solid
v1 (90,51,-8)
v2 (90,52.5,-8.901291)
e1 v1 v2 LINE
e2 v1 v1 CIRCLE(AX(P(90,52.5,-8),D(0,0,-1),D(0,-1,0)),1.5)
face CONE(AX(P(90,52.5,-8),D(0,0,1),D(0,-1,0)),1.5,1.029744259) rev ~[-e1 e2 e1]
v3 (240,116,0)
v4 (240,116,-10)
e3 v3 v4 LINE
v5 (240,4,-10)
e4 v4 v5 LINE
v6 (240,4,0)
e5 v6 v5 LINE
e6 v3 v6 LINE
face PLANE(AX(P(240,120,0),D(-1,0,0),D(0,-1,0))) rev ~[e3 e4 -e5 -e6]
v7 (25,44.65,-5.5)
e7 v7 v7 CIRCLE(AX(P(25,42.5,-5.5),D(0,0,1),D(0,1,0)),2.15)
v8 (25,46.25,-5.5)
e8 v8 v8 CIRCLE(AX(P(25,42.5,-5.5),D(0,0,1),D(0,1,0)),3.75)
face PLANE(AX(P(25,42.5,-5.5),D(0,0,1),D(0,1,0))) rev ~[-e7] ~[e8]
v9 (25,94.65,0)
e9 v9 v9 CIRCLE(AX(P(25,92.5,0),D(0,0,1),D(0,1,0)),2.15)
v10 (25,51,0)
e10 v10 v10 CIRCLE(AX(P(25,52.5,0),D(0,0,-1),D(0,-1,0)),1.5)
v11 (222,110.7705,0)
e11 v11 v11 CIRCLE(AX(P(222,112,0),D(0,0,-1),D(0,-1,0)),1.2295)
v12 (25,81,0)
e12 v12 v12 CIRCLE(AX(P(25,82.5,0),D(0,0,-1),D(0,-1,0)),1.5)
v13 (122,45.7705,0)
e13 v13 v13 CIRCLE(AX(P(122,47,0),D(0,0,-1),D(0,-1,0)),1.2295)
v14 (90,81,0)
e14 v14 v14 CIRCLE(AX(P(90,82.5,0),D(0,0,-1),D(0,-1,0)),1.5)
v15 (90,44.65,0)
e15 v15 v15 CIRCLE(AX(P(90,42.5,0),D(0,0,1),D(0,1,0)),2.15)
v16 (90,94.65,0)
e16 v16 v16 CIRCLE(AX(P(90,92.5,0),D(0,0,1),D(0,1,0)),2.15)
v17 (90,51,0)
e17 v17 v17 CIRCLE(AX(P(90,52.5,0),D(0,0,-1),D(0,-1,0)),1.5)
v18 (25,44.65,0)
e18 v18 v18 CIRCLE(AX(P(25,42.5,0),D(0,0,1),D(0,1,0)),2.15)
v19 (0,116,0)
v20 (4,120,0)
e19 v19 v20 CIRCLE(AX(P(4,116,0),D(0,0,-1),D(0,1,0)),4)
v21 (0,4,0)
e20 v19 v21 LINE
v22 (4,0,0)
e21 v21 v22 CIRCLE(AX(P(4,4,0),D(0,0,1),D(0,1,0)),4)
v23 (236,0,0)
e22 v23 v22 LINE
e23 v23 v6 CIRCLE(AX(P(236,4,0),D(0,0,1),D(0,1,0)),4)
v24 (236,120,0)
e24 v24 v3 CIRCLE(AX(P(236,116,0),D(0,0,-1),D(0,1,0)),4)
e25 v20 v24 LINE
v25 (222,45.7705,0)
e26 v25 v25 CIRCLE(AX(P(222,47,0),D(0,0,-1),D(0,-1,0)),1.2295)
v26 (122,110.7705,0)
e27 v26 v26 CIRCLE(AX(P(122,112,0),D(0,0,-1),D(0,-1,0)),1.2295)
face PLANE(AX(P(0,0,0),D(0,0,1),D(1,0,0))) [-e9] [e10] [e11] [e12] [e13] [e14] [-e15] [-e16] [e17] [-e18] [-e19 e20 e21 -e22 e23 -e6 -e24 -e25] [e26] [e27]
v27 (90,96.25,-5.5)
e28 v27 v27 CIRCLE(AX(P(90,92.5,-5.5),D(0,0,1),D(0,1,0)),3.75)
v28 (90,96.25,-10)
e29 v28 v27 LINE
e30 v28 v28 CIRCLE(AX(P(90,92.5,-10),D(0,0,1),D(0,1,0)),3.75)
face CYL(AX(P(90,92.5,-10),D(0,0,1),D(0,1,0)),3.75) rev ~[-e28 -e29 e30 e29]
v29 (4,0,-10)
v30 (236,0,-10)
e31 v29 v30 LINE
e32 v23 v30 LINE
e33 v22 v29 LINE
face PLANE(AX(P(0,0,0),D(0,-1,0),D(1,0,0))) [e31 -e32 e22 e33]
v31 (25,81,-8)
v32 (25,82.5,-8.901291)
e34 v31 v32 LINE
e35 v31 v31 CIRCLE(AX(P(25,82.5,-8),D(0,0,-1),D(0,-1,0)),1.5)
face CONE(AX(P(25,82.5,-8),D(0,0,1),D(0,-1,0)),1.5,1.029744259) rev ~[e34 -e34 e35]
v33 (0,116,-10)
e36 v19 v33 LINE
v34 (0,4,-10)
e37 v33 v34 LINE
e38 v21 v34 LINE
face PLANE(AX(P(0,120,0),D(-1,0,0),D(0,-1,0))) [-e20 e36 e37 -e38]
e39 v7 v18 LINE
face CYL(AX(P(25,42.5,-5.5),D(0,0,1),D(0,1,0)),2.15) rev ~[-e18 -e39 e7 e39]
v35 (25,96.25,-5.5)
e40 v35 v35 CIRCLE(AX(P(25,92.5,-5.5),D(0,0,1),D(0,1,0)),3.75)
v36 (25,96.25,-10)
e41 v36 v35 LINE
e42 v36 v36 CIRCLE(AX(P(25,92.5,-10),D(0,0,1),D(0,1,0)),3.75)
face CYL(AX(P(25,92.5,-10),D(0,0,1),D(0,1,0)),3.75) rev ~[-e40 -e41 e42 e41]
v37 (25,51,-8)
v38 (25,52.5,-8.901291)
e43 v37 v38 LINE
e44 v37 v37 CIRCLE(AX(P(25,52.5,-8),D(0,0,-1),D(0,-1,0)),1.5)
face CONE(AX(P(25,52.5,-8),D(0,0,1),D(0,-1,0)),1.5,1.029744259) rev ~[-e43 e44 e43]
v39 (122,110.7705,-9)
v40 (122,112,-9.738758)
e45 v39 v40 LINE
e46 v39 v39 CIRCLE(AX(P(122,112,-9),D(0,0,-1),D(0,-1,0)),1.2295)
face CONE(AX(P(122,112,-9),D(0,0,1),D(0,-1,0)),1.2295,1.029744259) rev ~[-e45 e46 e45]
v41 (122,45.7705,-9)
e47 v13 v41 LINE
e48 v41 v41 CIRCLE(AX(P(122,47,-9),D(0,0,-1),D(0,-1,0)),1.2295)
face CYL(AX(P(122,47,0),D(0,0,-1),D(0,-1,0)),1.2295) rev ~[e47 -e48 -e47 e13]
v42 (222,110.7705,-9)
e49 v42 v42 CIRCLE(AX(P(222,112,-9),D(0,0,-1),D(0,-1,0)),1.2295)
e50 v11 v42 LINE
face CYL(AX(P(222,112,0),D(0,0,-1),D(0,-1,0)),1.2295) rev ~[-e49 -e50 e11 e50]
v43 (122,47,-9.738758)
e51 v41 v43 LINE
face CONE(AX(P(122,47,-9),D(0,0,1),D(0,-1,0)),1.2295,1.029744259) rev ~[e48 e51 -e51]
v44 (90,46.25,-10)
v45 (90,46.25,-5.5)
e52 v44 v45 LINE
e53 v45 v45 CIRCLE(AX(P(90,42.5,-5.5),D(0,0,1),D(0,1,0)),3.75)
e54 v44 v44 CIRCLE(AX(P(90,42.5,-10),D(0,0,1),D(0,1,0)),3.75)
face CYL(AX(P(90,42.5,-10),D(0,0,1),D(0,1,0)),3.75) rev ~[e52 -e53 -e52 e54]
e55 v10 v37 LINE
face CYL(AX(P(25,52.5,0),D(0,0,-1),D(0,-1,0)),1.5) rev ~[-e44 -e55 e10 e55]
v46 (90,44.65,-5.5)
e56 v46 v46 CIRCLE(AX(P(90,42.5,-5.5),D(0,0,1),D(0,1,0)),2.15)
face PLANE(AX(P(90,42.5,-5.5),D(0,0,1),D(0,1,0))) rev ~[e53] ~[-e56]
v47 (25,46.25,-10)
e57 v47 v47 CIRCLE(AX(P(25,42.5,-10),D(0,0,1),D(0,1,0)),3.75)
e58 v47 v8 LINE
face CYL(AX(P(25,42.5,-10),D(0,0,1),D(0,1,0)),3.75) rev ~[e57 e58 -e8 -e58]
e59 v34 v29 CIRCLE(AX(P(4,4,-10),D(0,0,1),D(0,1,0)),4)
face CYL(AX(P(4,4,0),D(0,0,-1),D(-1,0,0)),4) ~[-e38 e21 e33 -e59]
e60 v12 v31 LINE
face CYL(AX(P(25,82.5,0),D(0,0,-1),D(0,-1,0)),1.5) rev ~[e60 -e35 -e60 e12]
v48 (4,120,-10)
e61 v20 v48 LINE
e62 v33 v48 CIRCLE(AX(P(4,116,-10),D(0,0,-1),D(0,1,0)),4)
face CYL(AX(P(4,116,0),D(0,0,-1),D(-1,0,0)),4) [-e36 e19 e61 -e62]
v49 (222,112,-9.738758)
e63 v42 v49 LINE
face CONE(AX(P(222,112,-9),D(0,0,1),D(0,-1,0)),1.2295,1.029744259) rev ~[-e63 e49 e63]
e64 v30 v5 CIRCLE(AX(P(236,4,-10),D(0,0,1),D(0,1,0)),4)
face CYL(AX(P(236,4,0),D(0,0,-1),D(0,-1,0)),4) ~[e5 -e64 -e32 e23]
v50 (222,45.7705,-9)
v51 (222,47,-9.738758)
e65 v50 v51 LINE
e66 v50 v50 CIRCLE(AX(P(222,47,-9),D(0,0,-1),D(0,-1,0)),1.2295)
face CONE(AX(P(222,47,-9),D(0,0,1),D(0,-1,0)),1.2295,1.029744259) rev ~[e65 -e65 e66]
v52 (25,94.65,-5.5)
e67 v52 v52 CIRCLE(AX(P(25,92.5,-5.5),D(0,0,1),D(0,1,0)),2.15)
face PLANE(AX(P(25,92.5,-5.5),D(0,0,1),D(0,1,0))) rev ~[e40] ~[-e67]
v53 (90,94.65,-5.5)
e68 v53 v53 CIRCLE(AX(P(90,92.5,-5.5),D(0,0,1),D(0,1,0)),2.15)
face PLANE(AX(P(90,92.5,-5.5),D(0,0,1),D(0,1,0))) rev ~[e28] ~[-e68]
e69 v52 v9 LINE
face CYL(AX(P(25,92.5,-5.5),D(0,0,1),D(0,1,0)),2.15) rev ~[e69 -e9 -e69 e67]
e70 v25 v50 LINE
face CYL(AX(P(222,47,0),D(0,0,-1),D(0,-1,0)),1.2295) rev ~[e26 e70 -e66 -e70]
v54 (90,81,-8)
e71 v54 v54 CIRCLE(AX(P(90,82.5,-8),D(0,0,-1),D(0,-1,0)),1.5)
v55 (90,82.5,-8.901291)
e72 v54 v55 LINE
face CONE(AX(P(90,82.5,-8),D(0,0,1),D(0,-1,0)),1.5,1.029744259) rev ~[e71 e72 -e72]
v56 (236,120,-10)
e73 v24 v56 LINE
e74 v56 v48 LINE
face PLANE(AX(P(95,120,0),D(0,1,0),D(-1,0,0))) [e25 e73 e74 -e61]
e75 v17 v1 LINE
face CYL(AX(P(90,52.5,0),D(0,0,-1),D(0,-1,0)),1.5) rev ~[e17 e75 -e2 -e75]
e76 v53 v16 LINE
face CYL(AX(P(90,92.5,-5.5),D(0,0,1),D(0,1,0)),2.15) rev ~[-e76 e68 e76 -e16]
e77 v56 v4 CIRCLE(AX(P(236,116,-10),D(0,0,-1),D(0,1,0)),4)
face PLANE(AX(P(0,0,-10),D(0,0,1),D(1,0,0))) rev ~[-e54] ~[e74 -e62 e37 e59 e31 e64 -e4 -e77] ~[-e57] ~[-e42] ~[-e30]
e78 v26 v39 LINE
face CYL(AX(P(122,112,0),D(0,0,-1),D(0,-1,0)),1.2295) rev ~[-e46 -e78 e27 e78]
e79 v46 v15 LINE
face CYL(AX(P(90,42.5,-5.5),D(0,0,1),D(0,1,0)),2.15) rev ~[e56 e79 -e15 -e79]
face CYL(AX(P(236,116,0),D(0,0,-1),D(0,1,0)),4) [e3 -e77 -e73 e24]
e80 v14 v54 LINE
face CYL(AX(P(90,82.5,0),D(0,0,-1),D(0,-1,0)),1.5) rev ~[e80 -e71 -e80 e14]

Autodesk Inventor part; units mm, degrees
ref_plane "YZ Plane" through (0, 0, 0) normal (1, 0, 0) x (0, 1, 0)
ref_plane "XZ Plane" through (0, 0, 0) normal (0, 1, 0) x (-1, 0, 0)
ref_plane "XY Plane" through (0, 0, 0) normal (0, 0, 1) x (1, 0, 0)
sketch "Skizze1" plane through (0, 0, 0) normal (0, 0, 1) x (1, 0, 0)
  line L0 (0, 0) -> (95, 0)
  line L1 (95, 0) -> (95, 120)
  line L2 (95, 120) -> (0, 120)
  line L3 (0, 120) -> (0, 0)
  circle A0 centre (38.1, 37.9782) radius 2.905
  circle A1 centre (90, 42.5) radius 1.5
  circle A2 centre (24.7598, 24.638) radius 2.905
  circle A3 centre (38.1, 11.2978) radius 2.905
  circle A4 centre (51.4402, 24.638) radius 2.905
  circle A5 centre (90, 92.5) radius 1.5
  circle A6 centre (25, 42.5) radius 1.5
  circle A7 centre (25, 92.5) radius 1.5
  line L4 (0, 120) -> (240, 120)
  line L5 (240, 120) -> (240, 0)
  line L6 (240, 0) -> (0, 0)
  line L7 (0, 0) -> (0, 120)
  circle A8 centre (222, 112) radius 1.5
  circle A9 centre (122, 112) radius 1.5
  circle A10 centre (222, 47) radius 1.5
  circle A11 centre (122, 47) radius 1.5
  point P0 (38.1, 24.638)
  dimension "d0" = 120
  dimension "d1" = 95
  dimension "d5" = 5
  dimension "d6" = 3
  dimension "d12" = 360
  dimension "d16" = 50
  dimension "d19" = 65
  dimension "d69" = 42.5
  dimension "d99" = 240
  dimension "d100" = 120
  dimension "d103" = 8
  dimension "d104" = 18
  dimension "d105" = 3
  dimension "d108" = 100
  dimension "d111" = 65
  dimension "d114" = 47
extrude "Extrusion2" add sketch "Skizze1" against normal blind 10 contours L3 L2 L1 L0 | L1 L4 L5 L6 | A0 | A2 | A3 | A4 | A8 | A9 | A10 | A11
hole "Bohrung8" at (122, 112, 0) at (222, 112, 0) at (222, 47, 0) at (122, 47, 0) direction (0, 0, -1) diameter 2.459 depth 9 tip angle 118 thread size "M3x0.5" class "6H" standard "ISO Metric profile"
sketch "Skizze11" plane through (0, 0, -10) normal (0, 0, -1) x (-1, 0, 0)
  circle A0 centre (-25, 92.5) radius 1.5 projected
  circle A1 centre (-25, 42.5) radius 1.5 projected
  circle A2 centre (-90, 92.5) radius 1.5 projected
  circle A3 centre (-90, 42.5) radius 1.5 projected
hole "Bohrung11" at (25, 42.5, -10) at (90, 42.5, -10) at (90, 92.5, -10) at (25, 92.5, -10) direction (0, 0, 1) diameter 4.3 depth 13 tip angle 118 counterbore diameter 7.5 counterbore depth 4.5
sketch "Skizze12" plane through (0, 0, 0) normal (0, 0, 1) x (1, 0, 0)
  circle A0 centre (25, 92.5) radius 2.15 projected
  circle A1 centre (25, 42.5) radius 2.15 projected
  line L0 (240, 120) -> (0, 120) projected
  line L1 (25, 92.5) -> (25, 42.5)
  circle A2 centre (25, 82.5) radius 1.5
  circle A3 centre (25, 52.5) radius 1.5
  circle A4 centre (90, 82.5) radius 1.5
  circle A5 centre (90, 52.5) radius 1.5
  dimension "d163" = 3
  dimension "d164" = 10
  dimension "d167" = 30
  dimension "d170" = 65
hole "Bohrung12" at (25, 82.5, 0) at (25, 52.5, 0) at (90, 52.5, 0) at (90, 82.5, 0) direction (0, 0, -1) diameter 3 depth 8 tip angle 118
fillet "Rundung1" radius 4 4 edges at (240, 0, -5) (0, 0, -5) (0, 120, -5) (240, 120, -5)
equation "\"d100\" = d0"
properties part number "Paddle_Base"
